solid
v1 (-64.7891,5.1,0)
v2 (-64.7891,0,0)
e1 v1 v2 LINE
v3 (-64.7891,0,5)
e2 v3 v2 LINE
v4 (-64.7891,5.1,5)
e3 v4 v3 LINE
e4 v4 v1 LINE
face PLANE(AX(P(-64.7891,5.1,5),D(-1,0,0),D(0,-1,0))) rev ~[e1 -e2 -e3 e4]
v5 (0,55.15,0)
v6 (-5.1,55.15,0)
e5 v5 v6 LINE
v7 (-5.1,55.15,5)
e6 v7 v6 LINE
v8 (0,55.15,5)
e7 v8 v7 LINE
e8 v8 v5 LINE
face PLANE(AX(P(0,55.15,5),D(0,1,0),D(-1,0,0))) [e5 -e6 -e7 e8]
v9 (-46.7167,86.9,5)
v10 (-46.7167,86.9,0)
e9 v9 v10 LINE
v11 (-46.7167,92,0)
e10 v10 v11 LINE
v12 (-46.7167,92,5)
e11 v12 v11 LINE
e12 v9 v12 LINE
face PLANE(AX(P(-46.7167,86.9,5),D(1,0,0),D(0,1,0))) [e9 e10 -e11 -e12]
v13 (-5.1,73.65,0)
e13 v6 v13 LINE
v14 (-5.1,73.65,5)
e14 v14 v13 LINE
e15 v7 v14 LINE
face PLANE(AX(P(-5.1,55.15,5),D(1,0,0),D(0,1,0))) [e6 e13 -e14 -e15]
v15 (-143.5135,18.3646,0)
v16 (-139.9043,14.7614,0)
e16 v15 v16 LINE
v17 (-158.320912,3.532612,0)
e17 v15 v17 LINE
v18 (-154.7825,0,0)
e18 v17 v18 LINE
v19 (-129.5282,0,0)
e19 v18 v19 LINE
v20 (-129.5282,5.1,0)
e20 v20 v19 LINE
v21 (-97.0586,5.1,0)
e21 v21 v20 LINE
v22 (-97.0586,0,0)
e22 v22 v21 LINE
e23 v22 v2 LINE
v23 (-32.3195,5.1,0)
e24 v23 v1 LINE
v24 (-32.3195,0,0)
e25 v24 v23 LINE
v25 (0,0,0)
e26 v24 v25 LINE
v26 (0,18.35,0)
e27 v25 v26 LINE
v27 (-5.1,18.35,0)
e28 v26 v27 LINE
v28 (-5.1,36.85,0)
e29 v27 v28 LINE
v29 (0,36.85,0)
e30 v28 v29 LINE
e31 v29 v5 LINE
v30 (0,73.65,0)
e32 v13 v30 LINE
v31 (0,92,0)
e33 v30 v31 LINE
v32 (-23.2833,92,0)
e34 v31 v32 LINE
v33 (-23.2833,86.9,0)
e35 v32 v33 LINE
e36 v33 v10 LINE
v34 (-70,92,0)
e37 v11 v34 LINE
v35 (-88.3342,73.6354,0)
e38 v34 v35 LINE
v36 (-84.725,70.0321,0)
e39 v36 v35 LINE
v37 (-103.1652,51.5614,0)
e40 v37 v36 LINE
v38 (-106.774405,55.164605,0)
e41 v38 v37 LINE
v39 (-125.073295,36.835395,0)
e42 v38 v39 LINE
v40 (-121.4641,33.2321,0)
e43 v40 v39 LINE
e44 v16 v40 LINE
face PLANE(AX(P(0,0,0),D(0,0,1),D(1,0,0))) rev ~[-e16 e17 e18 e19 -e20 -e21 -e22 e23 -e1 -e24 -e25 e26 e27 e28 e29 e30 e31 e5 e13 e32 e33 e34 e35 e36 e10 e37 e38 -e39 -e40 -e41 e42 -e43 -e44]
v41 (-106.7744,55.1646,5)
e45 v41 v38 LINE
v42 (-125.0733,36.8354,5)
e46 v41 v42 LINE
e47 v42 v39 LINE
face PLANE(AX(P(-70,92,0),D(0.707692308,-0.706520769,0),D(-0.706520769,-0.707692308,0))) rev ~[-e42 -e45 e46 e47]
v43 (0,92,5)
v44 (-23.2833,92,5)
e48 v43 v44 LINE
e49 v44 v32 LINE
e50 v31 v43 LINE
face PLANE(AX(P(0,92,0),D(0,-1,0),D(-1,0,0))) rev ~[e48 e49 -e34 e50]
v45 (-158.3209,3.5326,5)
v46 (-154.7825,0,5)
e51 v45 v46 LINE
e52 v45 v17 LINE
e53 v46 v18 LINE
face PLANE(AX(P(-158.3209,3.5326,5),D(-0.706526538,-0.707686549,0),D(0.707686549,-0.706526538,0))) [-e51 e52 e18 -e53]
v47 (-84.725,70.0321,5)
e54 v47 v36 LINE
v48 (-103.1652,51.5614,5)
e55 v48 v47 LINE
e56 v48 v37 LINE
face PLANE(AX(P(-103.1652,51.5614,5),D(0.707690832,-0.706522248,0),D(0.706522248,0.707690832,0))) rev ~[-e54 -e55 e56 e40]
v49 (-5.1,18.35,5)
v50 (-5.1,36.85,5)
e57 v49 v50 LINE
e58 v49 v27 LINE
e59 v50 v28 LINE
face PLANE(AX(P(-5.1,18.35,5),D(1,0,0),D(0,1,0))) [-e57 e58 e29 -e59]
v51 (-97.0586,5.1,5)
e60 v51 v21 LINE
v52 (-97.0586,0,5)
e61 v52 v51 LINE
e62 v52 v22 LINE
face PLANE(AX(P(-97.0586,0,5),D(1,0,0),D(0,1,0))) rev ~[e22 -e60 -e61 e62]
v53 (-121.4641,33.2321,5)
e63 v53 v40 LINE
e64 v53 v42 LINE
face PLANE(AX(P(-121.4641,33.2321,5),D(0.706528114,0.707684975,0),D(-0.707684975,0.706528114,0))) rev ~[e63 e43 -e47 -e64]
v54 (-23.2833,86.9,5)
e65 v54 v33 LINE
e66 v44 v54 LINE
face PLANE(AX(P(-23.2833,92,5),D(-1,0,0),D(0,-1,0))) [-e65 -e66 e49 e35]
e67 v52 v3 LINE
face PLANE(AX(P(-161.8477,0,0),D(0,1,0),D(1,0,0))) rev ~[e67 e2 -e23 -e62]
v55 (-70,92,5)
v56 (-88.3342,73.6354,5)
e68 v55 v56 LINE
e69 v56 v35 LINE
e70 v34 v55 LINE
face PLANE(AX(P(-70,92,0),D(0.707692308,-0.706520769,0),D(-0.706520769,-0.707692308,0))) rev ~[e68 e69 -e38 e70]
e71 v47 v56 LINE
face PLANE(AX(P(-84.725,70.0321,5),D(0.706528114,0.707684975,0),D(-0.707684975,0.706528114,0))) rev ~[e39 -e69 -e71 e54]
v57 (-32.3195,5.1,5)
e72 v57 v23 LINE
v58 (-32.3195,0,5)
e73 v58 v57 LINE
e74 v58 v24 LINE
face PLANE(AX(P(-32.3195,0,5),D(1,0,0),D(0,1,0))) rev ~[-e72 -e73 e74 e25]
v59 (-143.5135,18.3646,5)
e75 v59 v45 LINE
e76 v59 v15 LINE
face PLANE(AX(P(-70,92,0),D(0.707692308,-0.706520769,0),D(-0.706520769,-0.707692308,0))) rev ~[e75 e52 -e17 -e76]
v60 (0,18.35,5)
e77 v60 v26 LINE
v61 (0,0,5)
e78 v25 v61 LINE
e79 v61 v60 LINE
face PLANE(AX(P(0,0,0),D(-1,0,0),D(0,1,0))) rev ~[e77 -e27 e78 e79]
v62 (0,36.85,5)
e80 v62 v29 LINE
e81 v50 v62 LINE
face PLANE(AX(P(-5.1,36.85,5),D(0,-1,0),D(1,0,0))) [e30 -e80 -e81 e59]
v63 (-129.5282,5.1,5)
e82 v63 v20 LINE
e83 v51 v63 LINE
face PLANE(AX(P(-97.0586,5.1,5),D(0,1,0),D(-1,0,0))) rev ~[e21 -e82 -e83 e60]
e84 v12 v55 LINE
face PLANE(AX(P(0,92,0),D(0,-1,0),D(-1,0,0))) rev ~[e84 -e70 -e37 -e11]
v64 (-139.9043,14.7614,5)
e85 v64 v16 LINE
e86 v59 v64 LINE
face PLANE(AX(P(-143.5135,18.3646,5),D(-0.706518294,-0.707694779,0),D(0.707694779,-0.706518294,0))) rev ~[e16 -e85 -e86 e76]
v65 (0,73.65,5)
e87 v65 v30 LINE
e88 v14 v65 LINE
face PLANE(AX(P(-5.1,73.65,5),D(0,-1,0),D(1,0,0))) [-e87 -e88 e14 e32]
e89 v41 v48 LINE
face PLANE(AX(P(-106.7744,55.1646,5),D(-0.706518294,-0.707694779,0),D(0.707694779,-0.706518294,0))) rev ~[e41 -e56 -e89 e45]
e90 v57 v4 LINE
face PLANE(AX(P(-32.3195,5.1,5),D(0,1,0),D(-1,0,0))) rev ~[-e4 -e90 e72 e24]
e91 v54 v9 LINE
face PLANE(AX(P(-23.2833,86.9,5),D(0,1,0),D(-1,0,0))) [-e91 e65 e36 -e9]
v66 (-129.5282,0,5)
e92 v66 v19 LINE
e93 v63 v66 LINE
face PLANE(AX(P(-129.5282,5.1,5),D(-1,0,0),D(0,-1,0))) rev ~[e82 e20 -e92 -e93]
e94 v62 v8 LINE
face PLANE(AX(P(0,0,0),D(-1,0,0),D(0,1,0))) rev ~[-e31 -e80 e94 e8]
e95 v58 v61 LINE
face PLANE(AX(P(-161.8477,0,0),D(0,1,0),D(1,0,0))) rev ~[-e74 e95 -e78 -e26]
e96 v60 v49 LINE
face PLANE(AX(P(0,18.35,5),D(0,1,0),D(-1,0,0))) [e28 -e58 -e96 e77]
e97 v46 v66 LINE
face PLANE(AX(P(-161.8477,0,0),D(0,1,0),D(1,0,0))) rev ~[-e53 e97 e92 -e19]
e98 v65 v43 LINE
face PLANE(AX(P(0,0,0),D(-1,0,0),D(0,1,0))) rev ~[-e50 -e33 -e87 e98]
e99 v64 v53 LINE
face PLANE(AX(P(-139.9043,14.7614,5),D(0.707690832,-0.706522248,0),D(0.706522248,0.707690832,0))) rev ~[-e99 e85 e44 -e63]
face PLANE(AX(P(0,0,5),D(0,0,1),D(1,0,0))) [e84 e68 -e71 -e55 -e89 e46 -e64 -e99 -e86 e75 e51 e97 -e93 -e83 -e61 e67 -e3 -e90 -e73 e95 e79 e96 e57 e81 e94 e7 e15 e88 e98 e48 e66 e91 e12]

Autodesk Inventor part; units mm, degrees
ref_plane "YZ Plane" through (0, 0, 0) normal (1, 0, 0) x (0, 1, 0)
ref_plane "XZ Plane" through (0, 0, 0) normal (0, 1, 0) x (-1, 0, 0)
ref_plane "XY Plane" through (0, 0, 0) normal (0, 0, 1) x (1, 0, 0)
sketch "Sketch1" plane through (0, 0, 0) normal (0, 0, 1) x (1, 0, 0)
  line L0 (0, 0) -> (0, 92)
  line L1 (0, 92) -> (-70, 92)
  line L2 (-70, 92) -> (-161.8477, 0)
  line L3 (-161.8477, 0) -> (0, 0)
  dimension "d1" = 70
  dimension "d2" = 130
  dimension "d7" = 92
extrude "Extrusion1" add sketch "Sketch1" along normal blind 5
sketch "Sketch2" plane through (0, 0, 5) normal (0, 0, 1) x (1, 0, 0)
  line L0 (-70, 92) -> (-161.8477, 0) projected
  line L1 (-143.5135, 18.3646) -> (-139.9043, 14.7614)
  line L2 (-139.9043, 14.7614) -> (-121.4641, 33.2321)
  line L3 (-121.4641, 33.2321) -> (-125.0733, 36.8354)
  line L4 (-106.7744, 55.1646) -> (-103.1652, 51.5614)
  line L5 (-103.1652, 51.5614) -> (-84.725, 70.0321)
  line L6 (-84.725, 70.0321) -> (-88.3342, 73.6354)
  line L7 (-123.2687, 35.0338) -> (-104.9698, 53.363) construction
  line L8 (-114.1192, 44.1984) -> (-115.9239, 46)
  line L9 (-161.8477, 0) -> (0, 0) projected
  line L10 (-129.5282, 0) -> (-97.0586, 0)
  line L11 (-97.0586, 0) -> (-97.0586, 5.1)
  line L12 (-97.0586, 5.1) -> (-129.5282, 5.1)
  line L13 (-129.5282, 5.1) -> (-129.5282, 0)
  line L14 (-64.7891, 0) -> (-32.3195, 0)
  line L15 (-32.3195, 0) -> (-32.3195, 5.1)
  line L16 (-32.3195, 5.1) -> (-64.7891, 5.1)
  line L17 (-64.7891, 5.1) -> (-64.7891, 0)
  line L18 (0, 18.35) -> (-5.1, 18.35)
  line L19 (-5.1, 18.35) -> (-5.1, 36.85)
  line L20 (-5.1, 36.85) -> (0, 36.85)
  line L21 (0, 36.85) -> (0, 18.35)
  line L22 (0, 55.15) -> (-5.1, 55.15)
  line L23 (-5.1, 55.15) -> (-5.1, 73.65)
  line L24 (-5.1, 73.65) -> (0, 73.65)
  line L25 (0, 73.65) -> (0, 55.15)
  line L26 (0, 92) -> (-70, 92) projected
  line L27 (-46.7167, 92) -> (-23.2833, 92)
  line L28 (-23.2833, 92) -> (-23.2833, 86.9)
  line L29 (-23.2833, 86.9) -> (-46.7167, 86.9)
  line L30 (-46.7167, 86.9) -> (-46.7167, 92)
  line L31 (0, 0) -> (0, 92) projected
  line L32 (-2.55, 36.85) -> (-2.55, 55.15) construction
  line L33 (-64.7891, 2.55) -> (-97.0586, 2.55) construction
  point P0 (-35, 86.9)
  point P1 (-35, 92)
  point P2 (-80.9239, 2.55)
  point P3 (-80.9239, 0)
  point P4 (-2.55, 46)
  point P5 (0, 46)
  point P6 (-35, 92)
  dimension "d8" = 130
  dimension "d9" = 26.1
  dimension "d10" = 25.9
  dimension "d13" = 5.1
  dimension "d14" = 70
  dimension "d15" = 92
  dimension "d16" = 161.8477
  dimension "d17" = 32.2695
  dimension "d18" = 32.4695
  dimension "d19" = 18.3
  dimension "d20" = 18.5
  dimension "d21" = 23.4333
extrude "Extrusion2" cut sketch "Sketch2" against normal blind 10 contours L6 L5 L4 L0 | L26 L28 L29 L30 | L3 L2 L1 L0 | L25 L22 L23 L24 | L21 L18 L19 L20 | L13 L12 L11 L9 | L17 L16 L15 L9
sketch "Sketch3" plane through (0, 0, 5) normal (0, 0, 1) x (1, 0, 0)
  line L0 (-5.1, 36.85) -> (0, 36.85) projected
  line L1 (0, 36.85) -> (0, 55.15) projected
  line L2 (0, 55.15) -> (-5.1, 55.15) projected
  line L3 (-5.1, 55.15) -> (-5.1, 73.65) projected
  line L4 (-5.1, 73.65) -> (0, 73.65) projected
  line L5 (0, 73.65) -> (0, 92) projected
  line L6 (0, 92) -> (-23.2833, 92) projected
  line L7 (-23.2833, 92) -> (-23.2833, 86.9) projected
  line L8 (-23.2833, 86.9) -> (-46.7167, 86.9) projected
  line L9 (-46.7167, 86.9) -> (-46.7167, 92) projected
  line L10 (-46.7167, 92) -> (-70, 92) projected
  line L11 (-70, 92) -> (-88.3342, 73.6354) projected
  line L12 (-88.3342, 73.6354) -> (-84.725, 70.0321) projected
  line L13 (-84.725, 70.0321) -> (-103.1652, 51.5614) projected
  line L14 (-103.1652, 51.5614) -> (-106.7744, 55.1646) projected
  line L15 (-106.7744, 55.1646) -> (-125.0733, 36.8354) projected
  line L16 (-125.0733, 36.8354) -> (-121.4641, 33.2321) projected
  line L17 (-121.4641, 33.2321) -> (-139.9043, 14.7614) projected
  line L18 (-139.9043, 14.7614) -> (-143.5135, 18.3646) projected
  line L19 (-143.5135, 18.3646) -> (-161.8477, 0) projected
  line L20 (-161.8477, 0) -> (-129.5282, 0) projected
  line L21 (-129.5282, 0) -> (-129.5282, 5.1) projected
  line L22 (-129.5282, 5.1) -> (-97.0586, 5.1) projected
  line L23 (-97.0586, 5.1) -> (-97.0586, 0) projected
  line L24 (-97.0586, 0) -> (-64.7891, 0) projected
  line L25 (-64.7891, 0) -> (-64.7891, 5.1) projected
  line L26 (-64.7891, 5.1) -> (-32.3195, 5.1) projected
  line L27 (-32.3195, 5.1) -> (-32.3195, 0) projected
  line L28 (-32.3195, 0) -> (0, 0) projected
  line L29 (0, 0) -> (0, 18.35) projected
  line L30 (0, 18.35) -> (-5.1, 18.35) projected
  line L31 (-5.1, 18.35) -> (-5.1, 36.85) projected
  line L32 (-132.1444, 36.8295) -> (-106.7803, 62.2357)
  line L33 (-106.7803, 62.2357) -> (-103.171, 58.6324)
  line L34 (-103.171, 58.6324) -> (-91.796, 70.0263)
  line L35 (-91.796, 70.0263) -> (-95.4053, 73.6295)
  line L36 (-95.4053, 73.6295) -> (-72.0735, 97)
  line L37 (-72.0735, 97) -> (-41.7167, 97)
  line L38 (-41.7167, 97) -> (-41.7167, 91.9)
  line L39 (-41.7167, 91.9) -> (-28.2833, 91.9)
  line L40 (-28.2833, 91.9) -> (-28.2833, 97)
  line L41 (-28.2833, 97) -> (5, 97)
  line L42 (5, 97) -> (5, 68.65)
  line L43 (5, 68.65) -> (-0.1, 68.65)
  line L44 (-0.1, 68.65) -> (-0.1, 60.15)
  line L45 (-0.1, 60.15) -> (5, 60.15)
  line L46 (5, 60.15) -> (5, 31.85)
  line L47 (5, 31.85) -> (-0.1, 31.85)
  line L48 (-0.1, 31.85) -> (-0.1, 23.35)
  line L49 (-0.1, 23.35) -> (5, 23.35)
  line L50 (5, 23.35) -> (5, -5)
  line L51 (5, -5) -> (-37.3195, -5)
  line L52 (-37.3195, -5) -> (-37.3195, 0.1)
  line L53 (-37.3195, 0.1) -> (-59.7891, 0.1)
  line L54 (-59.7891, 0.1) -> (-59.7891, -5)
  line L55 (-59.7891, -5) -> (-102.0586, -5)
  line L56 (-102.0586, -5) -> (-102.0586, 0.1)
  line L57 (-102.0586, 0.1) -> (-124.5282, 0.1)
  line L58 (-124.5282, 0.1) -> (-124.5282, -5)
  line L59 (-124.5282, -5) -> (-173.9046, -5)
  line L60 (-173.9046, -5) -> (-143.5193, 25.4357)
  line L61 (-143.5193, 25.4357) -> (-139.9101, 21.8324)
  line L62 (-139.9101, 21.8324) -> (-128.5351, 33.2263)
  line L63 (-128.5351, 33.2263) -> (-132.1444, 36.8295)
  line L64 (-143.5135, 18.3646) -> (-147.0519, 21.8972)
  line L65 (-161.8477, 0) -> (-168.9129, 0)
  line L66 (-125.0733, 36.8354) -> (-128.6118, 40.368)
  line L67 (-106.7744, 55.1646) -> (-110.3129, 58.6972)
  line L68 (-103.171, 58.6324) -> (-106.7744, 55.1646)
  line L69 (-91.796, 70.0263) -> (-88.3342, 73.6354)
  line L70 (-88.3342, 73.6354) -> (-91.8727, 77.168)
  line L71 (-70, 92) -> (-77.0652, 92)
  line L72 (-139.9101, 21.8324) -> (-143.5135, 18.3646)
  line L73 (-125.0733, 36.8354) -> (-128.5351, 33.2263)
  line L74 (-143.5135, 18.3646) -> (-161.8477, 0) projected
  line L75 (-161.8477, 0) -> (-165.3862, 3.5326)
  dimension "d22" = 5
extrude "Extrusion3" [suppressed]
sketch "Sketch4" plane through (0, 0, 5) normal (0, 0, 1) x (1, 0, 0)
  line L0 (-5.1, 36.85) -> (0, 36.85) projected
  line L1 (0, 36.85) -> (0, 55.15) projected
  line L2 (0, 55.15) -> (-5.1, 55.15) projected
  line L3 (-5.1, 55.15) -> (-5.1, 73.65) projected
  line L4 (-5.1, 73.65) -> (0, 73.65) projected
  line L5 (0, 73.65) -> (0, 92) projected
  line L6 (0, 92) -> (-23.2833, 92) projected
  line L7 (-23.2833, 92) -> (-23.2833, 86.9) projected
  line L8 (-23.2833, 86.9) -> (-46.7167, 86.9) projected
  line L9 (-46.7167, 86.9) -> (-46.7167, 92) projected
  line L10 (-46.7167, 92) -> (-70, 92) projected
  line L11 (-70, 92) -> (-88.3342, 73.6354) projected
  line L12 (-88.3342, 73.6354) -> (-84.725, 70.0321) projected
  line L13 (-84.725, 70.0321) -> (-103.1652, 51.5614) projected
  line L14 (-103.1652, 51.5614) -> (-106.7744, 55.1646) projected
  line L15 (-106.7744, 55.1646) -> (-125.0733, 36.8354) projected
  line L16 (-125.0733, 36.8354) -> (-121.4641, 33.2321) projected
  line L17 (-121.4641, 33.2321) -> (-139.9043, 14.7614) projected
  line L18 (-139.9043, 14.7614) -> (-143.5135, 18.3646) projected
  line L19 (-143.5135, 18.3646) -> (-161.8477, 0) projected
  line L20 (-161.8477, 0) -> (-129.5282, 0) projected
  line L21 (-129.5282, 0) -> (-129.5282, 5.1) projected
  line L22 (-129.5282, 5.1) -> (-97.0586, 5.1) projected
  line L23 (-97.0586, 5.1) -> (-97.0586, 0) projected
  line L24 (-97.0586, 0) -> (-64.7891, 0) projected
  line L25 (-64.7891, 0) -> (-64.7891, 5.1) projected
  line L26 (-64.7891, 5.1) -> (-32.3195, 5.1) projected
  line L27 (-32.3195, 5.1) -> (-32.3195, 0) projected
  line L28 (-32.3195, 0) -> (0, 0) projected
  line L29 (0, 0) -> (0, 18.35) projected
  line L30 (0, 18.35) -> (-5.1, 18.35) projected
  line L31 (-5.1, 18.35) -> (-5.1, 36.85) projected
  line L32 (-143.5135, 18.3646) -> (-161.8477, 0) projected
  line L33 (-158.3209, 3.5326) -> (-154.7825, 0)
  dimension "d27" = 5
extrude "Extrusion4" cut sketch "Sketch4" against normal through all contours L20 L19 L33
properties part number "SidePlate" material "MDF Medium Density Fiberboard"
